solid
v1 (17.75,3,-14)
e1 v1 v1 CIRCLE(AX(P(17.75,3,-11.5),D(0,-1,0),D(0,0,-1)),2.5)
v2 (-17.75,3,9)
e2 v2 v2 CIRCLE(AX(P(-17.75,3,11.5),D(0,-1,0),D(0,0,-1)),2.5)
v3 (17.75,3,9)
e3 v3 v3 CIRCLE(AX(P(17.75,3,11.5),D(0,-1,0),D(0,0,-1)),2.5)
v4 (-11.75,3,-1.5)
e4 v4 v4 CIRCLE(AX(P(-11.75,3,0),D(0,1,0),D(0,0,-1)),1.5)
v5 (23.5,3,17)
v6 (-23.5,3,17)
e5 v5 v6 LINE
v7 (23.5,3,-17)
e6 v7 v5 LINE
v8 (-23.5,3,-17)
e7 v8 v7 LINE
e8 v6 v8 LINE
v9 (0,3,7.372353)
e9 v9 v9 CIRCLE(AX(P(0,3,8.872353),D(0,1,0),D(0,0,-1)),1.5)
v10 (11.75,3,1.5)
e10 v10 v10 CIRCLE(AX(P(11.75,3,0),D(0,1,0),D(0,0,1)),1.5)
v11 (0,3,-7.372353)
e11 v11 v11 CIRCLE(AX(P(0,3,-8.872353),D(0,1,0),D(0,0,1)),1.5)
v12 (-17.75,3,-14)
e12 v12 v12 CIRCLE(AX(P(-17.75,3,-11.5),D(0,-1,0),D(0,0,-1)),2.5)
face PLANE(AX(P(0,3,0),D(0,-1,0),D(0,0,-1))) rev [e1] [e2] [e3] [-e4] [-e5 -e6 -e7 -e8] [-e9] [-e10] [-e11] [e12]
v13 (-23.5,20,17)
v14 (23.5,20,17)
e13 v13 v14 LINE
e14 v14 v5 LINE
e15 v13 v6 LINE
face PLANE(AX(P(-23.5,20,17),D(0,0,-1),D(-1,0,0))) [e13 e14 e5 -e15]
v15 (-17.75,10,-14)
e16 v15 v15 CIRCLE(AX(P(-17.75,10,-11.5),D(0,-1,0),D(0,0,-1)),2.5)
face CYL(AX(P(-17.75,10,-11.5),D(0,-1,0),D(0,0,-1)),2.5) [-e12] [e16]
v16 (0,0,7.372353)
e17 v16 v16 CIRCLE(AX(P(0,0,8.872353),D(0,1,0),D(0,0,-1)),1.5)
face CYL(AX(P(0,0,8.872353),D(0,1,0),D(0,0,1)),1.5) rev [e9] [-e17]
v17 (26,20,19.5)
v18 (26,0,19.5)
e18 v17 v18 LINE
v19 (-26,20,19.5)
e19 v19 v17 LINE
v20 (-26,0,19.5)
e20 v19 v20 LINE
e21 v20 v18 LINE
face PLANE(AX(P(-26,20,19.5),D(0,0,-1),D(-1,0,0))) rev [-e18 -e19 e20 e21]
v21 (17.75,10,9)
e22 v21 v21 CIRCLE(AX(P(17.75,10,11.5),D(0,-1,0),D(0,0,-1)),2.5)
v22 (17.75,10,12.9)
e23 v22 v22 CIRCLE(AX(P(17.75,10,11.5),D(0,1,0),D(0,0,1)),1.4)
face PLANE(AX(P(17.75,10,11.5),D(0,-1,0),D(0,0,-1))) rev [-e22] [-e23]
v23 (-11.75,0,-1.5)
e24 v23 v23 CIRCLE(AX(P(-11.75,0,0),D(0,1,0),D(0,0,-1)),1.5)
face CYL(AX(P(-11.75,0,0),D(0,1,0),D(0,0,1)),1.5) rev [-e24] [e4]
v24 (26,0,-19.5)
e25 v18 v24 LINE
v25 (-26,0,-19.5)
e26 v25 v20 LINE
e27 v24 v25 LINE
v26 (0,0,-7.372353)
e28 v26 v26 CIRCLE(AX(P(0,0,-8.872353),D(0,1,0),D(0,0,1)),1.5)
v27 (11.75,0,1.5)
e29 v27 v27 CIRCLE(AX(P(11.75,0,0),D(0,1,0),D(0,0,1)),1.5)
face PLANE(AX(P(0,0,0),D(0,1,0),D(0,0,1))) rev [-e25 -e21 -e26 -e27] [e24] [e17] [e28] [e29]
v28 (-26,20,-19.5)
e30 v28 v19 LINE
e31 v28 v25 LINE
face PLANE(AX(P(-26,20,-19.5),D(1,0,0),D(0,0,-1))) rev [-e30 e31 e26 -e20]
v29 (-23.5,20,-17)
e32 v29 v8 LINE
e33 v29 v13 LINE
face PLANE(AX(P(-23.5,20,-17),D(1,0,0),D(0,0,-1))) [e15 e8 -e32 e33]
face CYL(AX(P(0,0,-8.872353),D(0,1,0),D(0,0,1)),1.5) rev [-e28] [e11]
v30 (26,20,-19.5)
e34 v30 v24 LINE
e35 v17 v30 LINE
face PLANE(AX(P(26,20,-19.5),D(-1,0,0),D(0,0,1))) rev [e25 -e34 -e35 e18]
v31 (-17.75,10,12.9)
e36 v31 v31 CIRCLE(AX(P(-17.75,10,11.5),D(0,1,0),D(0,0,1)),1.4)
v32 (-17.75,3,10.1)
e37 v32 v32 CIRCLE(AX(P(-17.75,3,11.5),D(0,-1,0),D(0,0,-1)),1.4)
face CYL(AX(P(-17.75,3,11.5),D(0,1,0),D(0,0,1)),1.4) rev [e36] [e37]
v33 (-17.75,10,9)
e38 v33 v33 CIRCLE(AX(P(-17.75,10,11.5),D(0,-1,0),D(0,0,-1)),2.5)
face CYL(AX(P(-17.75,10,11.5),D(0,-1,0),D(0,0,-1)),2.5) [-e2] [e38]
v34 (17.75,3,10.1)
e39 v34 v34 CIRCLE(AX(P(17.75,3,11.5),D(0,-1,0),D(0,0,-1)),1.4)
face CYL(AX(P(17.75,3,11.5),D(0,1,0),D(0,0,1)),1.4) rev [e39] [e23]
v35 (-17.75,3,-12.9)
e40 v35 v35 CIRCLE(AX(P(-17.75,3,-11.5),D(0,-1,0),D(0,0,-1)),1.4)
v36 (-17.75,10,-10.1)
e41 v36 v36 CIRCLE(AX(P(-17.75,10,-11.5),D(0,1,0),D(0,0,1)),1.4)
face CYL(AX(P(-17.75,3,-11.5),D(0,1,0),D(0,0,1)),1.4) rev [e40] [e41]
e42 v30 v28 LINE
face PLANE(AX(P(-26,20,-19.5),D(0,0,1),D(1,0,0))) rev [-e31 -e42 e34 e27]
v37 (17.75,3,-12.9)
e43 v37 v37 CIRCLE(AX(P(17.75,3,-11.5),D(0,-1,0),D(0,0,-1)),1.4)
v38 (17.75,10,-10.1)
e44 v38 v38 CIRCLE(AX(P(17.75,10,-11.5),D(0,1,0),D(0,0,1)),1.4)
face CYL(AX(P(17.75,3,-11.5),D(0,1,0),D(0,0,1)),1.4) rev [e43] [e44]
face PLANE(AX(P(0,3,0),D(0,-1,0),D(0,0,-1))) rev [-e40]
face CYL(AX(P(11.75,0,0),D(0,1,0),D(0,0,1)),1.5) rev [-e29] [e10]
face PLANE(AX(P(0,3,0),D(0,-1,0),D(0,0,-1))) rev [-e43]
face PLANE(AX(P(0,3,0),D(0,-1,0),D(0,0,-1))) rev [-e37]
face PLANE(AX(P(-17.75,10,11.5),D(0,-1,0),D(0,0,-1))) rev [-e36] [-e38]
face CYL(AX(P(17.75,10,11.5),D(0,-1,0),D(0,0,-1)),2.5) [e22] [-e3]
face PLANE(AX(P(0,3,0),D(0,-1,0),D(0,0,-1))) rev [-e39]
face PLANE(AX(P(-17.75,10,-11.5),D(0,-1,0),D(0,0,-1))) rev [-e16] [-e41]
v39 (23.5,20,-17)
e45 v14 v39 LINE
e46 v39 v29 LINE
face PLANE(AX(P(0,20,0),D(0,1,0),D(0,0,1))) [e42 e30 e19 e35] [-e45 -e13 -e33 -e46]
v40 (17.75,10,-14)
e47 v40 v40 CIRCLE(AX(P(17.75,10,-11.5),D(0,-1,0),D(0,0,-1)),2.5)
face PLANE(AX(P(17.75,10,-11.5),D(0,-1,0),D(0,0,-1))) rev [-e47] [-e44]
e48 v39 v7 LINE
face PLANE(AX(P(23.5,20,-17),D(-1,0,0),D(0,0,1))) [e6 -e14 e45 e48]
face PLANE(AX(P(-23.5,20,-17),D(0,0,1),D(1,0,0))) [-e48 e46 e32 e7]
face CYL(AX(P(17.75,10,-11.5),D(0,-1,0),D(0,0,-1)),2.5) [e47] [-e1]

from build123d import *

# Parameters (mm, degrees)
SKETCH_1_W          = 52
SKETCH_1_H          = 39
SKETCH_1_W_2        = 47
SKETCH_1_H_2        = 34
EXTRUDE_1_DEPTH     = 20
SKETCH_2_R          = 2.5
EXTRUDE_2_DEPTH     = 10
EXTRUDE_2_2_DEPTH   = 10
EXTRUDE_2_3_DEPTH   = 10
EXTRUDE_2_4_DEPTH   = 10
SKETCH_3_R          = 1.4
CUT_EXTRUDE_1_DEPTH = 7
SKETCH_4_W          = 52
SKETCH_4_H          = 39
EXTRUDE_3_DEPTH     = 3
SKETCH_5_R          = 1.5
CUT_EXTRUDE_2_DEPTH = 37.67764987


with BuildPart() as part:
    # 草图1 → 凸台-拉伸1 (new body)
    with BuildSketch(Plane(origin=(0, 0, 0), x_dir=(1, 0, 0), z_dir=(0, 1, 0))):
        Rectangle(SKETCH_1_W, SKETCH_1_H)
        Rectangle(SKETCH_1_W_2, SKETCH_1_H_2, mode=Mode.SUBTRACT)
    extrude(amount=EXTRUDE_1_DEPTH)



with BuildPart() as body_2:
    # 草图2 → 凸台-拉伸2 (new body)
    with BuildSketch(Plane.XZ):
        with Locations(Location((-17.75, 11.5, 0), (0, 0, 270))):
            Circle(SKETCH_2_R)
    extrude(amount=-EXTRUDE_2_DEPTH)


with BuildPart() as body_3:
    # 草图2 → Extrude 2 2 (new body)
    with BuildSketch(Plane.XZ):
        with Locations(Location((17.75, 11.5, 0), (0, 0, 270))):
            Circle(SKETCH_2_R)
    extrude(amount=-EXTRUDE_2_2_DEPTH)


with BuildPart() as body_4:
    # 草图2 → Extrude 2 3 (new body)
    with BuildSketch(Plane.XZ):
        with Locations(Location((-17.75, -11.5, 0), (0, 0, 270))):
            Circle(SKETCH_2_R)
    extrude(amount=-EXTRUDE_2_3_DEPTH)


with BuildPart() as body_5:
    # 草图2 → Extrude 2 4 (new body)
    with BuildSketch(Plane.XZ):
        with Locations(Location((17.75, -11.5, 0), (0, 0, 270))):
            Circle(SKETCH_2_R)
    extrude(amount=-EXTRUDE_2_4_DEPTH)


with BuildPart() as cut_extrude_1_tool:
    # 草图3 → 切除-拉伸1 (new body)
    with BuildSketch(Plane(origin=(0, 10, 0), x_dir=(1, 0, 0), z_dir=(0, 1, 0))):
        with Locations(Location((-17.75, 11.5, 0), (0, 0, 270))):
            Circle(SKETCH_3_R)
        with Locations(Location((17.75, 11.5, 0), (0, 0, 270))):
            Circle(SKETCH_3_R)
        with Locations(Location((-17.75, -11.5, 0), (0, 0, 270))):
            Circle(SKETCH_3_R)
        with Locations(Location((17.75, -11.5, 0), (0, 0, 270))):
            Circle(SKETCH_3_R)
    extrude(amount=-CUT_EXTRUDE_1_DEPTH)


with BuildPart() as body_2_1:
    add(body_2.part)

    # 切除-拉伸1: cut by cut_extrude_1_tool
    add(cut_extrude_1_tool.part, mode=Mode.SUBTRACT)


with BuildPart() as body_3_1:
    add(body_3.part)

    # 切除-拉伸1: cut by cut_extrude_1_tool
    add(cut_extrude_1_tool.part, mode=Mode.SUBTRACT)


with BuildPart() as body_4_1:
    add(body_4.part)

    # 切除-拉伸1: cut by cut_extrude_1_tool
    add(cut_extrude_1_tool.part, mode=Mode.SUBTRACT)


with BuildPart() as body_5_1:
    add(body_5.part)

    # 切除-拉伸1: cut by cut_extrude_1_tool
    add(cut_extrude_1_tool.part, mode=Mode.SUBTRACT)


with BuildPart() as part_1:
    add(part.part)

    add(body_2_1.part)  # 凸台-拉伸3 merges body 2

    add(body_3_1.part)  # 凸台-拉伸3 merges body 3

    add(body_4_1.part)  # 凸台-拉伸3 merges body 4

    add(body_5_1.part)  # 凸台-拉伸3 merges body 5
    # 草图4 → 凸台-拉伸3 (add)
    with BuildSketch(Plane.XZ):
        Rectangle(SKETCH_4_W, SKETCH_4_H)
    extrude(amount=-EXTRUDE_3_DEPTH)

    # 草图5 → 切除-拉伸2 (cut, through all)
    with BuildSketch(Plane(origin=(0, 3, 0), x_dir=(1, 0, 0), z_dir=(0, 1, 0))):
        with Locations(Location((0, 8.872353491, 0), (0, 0, 270))):
            Circle(SKETCH_5_R)
        with Locations(Location((11.75, 0, 0), (0, 0, 270))):
            Circle(SKETCH_5_R)
        with Locations(Location((0, -8.872353491, 0), (0, 0, 90))):
            Circle(SKETCH_5_R)
        with Locations(Location((-11.75, 0, 0), (0, 0, 90))):
            Circle(SKETCH_5_R)
    extrude(amount=-CUT_EXTRUDE_2_DEPTH, mode=Mode.SUBTRACT)


solid = part_1.part
